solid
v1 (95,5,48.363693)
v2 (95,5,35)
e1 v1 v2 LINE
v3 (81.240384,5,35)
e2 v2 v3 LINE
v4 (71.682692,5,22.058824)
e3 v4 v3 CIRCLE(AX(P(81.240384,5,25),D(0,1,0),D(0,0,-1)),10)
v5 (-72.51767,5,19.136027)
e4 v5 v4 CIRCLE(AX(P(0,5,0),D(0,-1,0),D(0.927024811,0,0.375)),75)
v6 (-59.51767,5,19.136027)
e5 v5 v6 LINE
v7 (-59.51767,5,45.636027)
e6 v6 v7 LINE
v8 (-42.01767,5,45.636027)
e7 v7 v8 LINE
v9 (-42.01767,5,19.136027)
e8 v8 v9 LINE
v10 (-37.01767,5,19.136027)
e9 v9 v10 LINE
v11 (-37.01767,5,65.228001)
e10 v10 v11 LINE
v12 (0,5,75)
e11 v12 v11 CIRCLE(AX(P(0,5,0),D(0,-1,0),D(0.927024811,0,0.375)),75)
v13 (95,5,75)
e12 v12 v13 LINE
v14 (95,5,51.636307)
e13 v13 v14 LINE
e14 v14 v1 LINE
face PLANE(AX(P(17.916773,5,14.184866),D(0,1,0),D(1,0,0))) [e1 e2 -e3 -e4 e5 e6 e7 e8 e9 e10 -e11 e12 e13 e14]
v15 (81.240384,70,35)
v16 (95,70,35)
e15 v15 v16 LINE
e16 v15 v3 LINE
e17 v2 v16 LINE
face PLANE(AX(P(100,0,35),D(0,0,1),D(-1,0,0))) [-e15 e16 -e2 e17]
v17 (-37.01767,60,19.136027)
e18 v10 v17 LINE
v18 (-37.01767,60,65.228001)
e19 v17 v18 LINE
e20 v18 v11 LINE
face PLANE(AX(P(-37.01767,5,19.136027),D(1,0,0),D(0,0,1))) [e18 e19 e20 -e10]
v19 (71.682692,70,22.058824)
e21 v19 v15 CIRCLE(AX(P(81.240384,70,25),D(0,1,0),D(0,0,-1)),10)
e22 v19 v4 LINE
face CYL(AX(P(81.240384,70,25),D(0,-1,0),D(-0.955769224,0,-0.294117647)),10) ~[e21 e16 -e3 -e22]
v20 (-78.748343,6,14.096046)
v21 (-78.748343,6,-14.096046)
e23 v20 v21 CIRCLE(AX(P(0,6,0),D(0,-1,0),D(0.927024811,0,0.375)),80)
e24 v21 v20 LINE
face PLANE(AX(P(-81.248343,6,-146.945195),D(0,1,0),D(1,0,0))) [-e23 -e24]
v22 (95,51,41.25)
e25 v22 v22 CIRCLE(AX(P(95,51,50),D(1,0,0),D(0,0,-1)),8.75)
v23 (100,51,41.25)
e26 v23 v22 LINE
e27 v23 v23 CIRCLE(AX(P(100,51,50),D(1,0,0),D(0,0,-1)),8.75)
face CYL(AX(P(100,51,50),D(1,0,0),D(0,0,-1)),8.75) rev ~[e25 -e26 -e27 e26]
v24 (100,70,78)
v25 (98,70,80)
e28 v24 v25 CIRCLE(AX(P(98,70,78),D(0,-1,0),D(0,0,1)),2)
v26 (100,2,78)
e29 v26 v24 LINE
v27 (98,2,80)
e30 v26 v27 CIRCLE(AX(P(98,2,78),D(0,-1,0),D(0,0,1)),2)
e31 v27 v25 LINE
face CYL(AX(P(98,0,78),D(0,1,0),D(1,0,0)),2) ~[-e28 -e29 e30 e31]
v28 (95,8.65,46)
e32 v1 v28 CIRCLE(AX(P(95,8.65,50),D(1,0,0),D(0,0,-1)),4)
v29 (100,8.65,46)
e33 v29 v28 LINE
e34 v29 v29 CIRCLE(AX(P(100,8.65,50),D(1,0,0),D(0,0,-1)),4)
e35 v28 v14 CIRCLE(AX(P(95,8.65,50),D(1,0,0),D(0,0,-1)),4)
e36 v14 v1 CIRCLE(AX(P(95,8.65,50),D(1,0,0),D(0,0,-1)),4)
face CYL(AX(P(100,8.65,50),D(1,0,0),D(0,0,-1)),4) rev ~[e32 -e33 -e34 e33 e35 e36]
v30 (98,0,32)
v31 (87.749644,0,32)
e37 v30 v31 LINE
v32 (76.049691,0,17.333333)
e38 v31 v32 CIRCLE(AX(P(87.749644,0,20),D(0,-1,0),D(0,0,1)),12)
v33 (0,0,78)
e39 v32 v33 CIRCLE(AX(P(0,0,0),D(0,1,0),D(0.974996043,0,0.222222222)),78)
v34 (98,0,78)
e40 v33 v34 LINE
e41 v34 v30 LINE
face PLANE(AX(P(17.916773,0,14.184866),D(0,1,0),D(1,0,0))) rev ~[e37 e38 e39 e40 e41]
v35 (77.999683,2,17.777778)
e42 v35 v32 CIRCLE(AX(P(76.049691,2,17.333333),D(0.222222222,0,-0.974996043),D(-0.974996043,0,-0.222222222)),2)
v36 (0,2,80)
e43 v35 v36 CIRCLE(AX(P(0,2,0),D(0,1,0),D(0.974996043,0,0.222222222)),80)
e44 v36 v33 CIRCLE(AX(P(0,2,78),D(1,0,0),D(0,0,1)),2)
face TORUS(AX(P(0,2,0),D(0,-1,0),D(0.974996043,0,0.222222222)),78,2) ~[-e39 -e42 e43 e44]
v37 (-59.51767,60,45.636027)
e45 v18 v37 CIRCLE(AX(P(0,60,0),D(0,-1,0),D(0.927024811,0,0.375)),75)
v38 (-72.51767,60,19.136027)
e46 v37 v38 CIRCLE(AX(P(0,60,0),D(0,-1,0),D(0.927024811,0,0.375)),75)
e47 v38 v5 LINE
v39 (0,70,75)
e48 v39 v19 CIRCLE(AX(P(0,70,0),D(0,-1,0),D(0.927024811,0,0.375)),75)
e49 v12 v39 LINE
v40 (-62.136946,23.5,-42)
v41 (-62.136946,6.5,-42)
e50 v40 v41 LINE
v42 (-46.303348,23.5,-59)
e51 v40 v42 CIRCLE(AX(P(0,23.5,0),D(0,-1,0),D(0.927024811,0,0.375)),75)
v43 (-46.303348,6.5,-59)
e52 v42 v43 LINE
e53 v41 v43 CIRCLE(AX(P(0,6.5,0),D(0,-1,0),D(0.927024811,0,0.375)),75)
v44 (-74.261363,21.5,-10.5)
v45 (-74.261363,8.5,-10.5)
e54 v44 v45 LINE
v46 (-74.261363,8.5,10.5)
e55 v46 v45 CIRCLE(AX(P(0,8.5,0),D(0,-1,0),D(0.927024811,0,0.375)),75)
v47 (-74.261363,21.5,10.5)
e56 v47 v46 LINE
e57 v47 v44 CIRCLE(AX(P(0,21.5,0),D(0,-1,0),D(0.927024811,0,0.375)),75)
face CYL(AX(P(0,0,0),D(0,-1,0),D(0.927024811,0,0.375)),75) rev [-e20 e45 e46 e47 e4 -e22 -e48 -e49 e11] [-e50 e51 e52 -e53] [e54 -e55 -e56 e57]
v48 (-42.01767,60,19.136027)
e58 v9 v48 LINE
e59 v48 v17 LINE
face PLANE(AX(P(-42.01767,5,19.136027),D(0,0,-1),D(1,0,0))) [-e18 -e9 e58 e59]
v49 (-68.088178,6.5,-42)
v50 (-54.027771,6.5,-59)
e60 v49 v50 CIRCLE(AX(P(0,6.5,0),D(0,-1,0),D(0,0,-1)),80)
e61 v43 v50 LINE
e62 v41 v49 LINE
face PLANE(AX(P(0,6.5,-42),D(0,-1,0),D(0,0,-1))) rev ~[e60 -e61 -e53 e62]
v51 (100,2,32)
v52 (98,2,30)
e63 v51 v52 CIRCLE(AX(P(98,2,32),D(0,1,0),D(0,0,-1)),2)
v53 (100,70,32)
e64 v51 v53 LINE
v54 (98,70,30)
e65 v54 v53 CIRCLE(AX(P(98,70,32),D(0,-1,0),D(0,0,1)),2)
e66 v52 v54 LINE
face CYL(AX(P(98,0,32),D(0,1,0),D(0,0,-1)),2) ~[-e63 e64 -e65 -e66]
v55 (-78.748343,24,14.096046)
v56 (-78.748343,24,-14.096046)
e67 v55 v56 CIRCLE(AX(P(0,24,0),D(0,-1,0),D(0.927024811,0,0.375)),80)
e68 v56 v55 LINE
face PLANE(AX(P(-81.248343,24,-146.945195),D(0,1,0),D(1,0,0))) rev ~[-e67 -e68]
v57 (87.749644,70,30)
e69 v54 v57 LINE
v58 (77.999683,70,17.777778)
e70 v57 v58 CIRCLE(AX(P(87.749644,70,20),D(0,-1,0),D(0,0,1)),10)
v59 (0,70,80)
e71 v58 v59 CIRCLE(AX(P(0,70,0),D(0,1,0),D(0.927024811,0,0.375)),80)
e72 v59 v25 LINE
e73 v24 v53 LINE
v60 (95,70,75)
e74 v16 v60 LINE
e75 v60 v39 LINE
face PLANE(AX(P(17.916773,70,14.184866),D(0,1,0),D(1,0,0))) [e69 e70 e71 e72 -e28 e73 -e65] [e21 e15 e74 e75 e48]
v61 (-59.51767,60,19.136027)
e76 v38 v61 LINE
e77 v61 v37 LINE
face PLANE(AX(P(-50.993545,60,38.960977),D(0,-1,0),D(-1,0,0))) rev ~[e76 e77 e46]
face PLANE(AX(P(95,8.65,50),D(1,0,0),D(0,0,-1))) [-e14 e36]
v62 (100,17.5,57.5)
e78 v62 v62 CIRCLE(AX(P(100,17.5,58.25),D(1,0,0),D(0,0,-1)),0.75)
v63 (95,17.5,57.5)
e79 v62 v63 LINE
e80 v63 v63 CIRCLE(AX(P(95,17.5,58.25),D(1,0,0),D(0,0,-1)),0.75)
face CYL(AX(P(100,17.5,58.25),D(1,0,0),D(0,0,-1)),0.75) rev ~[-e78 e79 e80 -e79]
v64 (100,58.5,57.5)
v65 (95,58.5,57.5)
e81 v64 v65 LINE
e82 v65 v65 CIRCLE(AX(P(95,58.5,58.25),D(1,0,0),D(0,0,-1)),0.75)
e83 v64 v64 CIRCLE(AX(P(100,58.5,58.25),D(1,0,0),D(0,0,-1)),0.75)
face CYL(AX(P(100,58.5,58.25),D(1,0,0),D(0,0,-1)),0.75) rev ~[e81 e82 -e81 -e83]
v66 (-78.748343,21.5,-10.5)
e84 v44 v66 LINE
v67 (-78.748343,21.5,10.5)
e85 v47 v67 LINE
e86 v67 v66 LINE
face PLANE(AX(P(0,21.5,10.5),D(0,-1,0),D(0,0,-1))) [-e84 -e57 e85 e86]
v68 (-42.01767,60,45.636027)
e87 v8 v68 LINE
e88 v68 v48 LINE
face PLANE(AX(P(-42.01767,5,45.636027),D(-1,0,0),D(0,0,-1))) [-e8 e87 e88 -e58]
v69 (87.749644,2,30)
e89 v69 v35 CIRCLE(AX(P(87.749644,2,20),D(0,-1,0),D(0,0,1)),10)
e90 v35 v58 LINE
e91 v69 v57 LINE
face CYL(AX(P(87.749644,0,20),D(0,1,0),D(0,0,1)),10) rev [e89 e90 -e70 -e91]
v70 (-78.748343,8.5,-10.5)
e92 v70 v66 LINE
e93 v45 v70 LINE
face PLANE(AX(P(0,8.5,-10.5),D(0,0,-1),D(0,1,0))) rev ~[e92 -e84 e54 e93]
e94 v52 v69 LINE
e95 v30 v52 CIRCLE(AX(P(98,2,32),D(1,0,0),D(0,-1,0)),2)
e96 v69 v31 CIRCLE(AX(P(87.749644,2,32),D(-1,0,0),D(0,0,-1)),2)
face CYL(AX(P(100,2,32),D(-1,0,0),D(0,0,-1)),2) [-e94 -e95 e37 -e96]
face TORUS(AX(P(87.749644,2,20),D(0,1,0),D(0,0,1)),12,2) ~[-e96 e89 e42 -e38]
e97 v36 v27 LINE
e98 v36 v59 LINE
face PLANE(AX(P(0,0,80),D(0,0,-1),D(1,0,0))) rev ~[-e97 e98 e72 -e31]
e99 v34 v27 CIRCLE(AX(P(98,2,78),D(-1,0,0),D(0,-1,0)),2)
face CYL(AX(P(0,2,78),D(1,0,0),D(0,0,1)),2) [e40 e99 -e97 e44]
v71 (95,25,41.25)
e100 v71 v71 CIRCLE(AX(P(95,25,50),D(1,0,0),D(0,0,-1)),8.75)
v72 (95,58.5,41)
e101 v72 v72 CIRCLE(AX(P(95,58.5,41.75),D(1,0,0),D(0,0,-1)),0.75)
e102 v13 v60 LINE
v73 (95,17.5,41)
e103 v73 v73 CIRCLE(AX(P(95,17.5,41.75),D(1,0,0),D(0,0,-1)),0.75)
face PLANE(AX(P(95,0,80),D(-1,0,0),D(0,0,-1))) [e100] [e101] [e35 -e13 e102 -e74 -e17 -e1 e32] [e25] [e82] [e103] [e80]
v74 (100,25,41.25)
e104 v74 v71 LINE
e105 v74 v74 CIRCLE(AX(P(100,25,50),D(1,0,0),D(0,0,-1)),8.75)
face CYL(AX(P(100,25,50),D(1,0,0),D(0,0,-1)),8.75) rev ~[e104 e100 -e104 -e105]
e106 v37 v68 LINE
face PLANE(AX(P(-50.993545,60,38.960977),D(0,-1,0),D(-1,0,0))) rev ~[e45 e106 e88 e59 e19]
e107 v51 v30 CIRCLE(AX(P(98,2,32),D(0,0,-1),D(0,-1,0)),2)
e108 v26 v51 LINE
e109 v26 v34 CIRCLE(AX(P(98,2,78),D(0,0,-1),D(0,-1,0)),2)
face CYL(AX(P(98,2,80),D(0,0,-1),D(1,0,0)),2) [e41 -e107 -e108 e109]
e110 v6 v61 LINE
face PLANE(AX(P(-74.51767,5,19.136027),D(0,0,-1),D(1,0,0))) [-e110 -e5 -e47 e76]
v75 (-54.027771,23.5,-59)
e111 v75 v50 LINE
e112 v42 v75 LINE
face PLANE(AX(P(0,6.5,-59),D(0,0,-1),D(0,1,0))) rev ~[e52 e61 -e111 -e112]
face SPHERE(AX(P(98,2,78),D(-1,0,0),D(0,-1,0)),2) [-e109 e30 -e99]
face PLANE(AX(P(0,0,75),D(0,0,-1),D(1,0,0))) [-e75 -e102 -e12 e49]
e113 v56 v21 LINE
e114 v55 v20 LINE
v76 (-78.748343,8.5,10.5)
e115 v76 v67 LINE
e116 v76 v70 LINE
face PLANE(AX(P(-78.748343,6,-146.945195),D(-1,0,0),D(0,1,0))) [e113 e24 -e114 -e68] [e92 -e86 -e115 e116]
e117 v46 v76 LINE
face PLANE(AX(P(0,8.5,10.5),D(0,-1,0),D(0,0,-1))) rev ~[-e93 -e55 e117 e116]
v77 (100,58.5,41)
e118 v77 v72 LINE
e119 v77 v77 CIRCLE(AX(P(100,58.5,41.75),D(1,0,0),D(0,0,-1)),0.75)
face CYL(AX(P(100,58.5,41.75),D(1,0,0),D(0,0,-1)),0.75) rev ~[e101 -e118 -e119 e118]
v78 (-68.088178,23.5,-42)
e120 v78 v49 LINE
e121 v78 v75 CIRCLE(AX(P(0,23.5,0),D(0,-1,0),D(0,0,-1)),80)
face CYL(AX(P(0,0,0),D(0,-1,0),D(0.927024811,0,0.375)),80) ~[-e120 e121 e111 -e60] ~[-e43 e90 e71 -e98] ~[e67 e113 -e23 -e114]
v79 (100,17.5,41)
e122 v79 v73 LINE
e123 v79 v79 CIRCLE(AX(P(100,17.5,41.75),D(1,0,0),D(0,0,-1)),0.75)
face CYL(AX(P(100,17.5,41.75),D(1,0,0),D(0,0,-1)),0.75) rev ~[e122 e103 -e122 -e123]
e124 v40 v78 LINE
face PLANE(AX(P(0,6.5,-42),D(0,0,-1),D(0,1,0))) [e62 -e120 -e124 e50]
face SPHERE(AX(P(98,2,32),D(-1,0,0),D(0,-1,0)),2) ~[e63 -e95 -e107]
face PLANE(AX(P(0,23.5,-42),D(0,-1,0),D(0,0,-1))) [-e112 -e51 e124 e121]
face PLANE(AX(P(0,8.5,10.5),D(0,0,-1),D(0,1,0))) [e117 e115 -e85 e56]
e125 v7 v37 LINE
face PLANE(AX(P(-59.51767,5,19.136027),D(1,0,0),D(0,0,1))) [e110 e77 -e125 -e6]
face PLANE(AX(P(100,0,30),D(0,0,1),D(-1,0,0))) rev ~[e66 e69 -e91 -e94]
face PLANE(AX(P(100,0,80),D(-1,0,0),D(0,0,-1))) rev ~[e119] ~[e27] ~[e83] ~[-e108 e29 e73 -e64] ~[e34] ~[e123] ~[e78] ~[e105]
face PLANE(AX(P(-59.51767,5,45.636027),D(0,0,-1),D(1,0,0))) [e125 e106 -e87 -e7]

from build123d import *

# Parameters (mm, degrees)
BOSS_EXTRUDE1_DEPTH     = 70
SHELL1_T                = -5
SKETCH3_R               = 8.75
SKETCH3_R_2             = 0.75
SKETCH3_R_3             = 4
CUT_EXTRUDE1_DEPTH      = 5
CUT_EXTRUDE2_REACH      = 147.945
CUT_EXTRUDE2_END_RADIUS = 80
SKETCH4_W               = 17
SKETCH4_H               = 17
SKETCH4_W_2             = 21
SKETCH4_H_2             = 13
CUT_EXTRUDE3_DEPTH      = 146.945195193
CUT_EXTRUDE3_DEPTH_BACK = 146.945195193
SKETCH5_W               = 2.5
SKETCH5_H               = 18
BOSS_EXTRUDE3_DEPTH     = 55
FILLET1_R               = 10
FILLET2_R               = 2


with BuildPart() as part:
    # Sketch1 → Boss-Extrude1 (new body)
    with BuildSketch(Plane(origin=(0, 0, 0), x_dir=(1, 0, 0), z_dir=(0, 1, 0))):
        with BuildLine():
            Line((0, -80), (100, -80))
            Line((100, -80), (100, -30))
            Line((100, -30), (74.161984871, -30))
            ThreePointArc((74.161984871, -30), (-44.72135955, 66.332495807), (0, -80))
        make_face()
    extrude(amount=BOSS_EXTRUDE1_DEPTH)

    # Shell1
    shell1_openings = [part.faces().sort_by_distance(p)[0] for p in [
        (7.618956149, 70, 6.200850369),
    ]]
    offset(amount=SHELL1_T, openings=shell1_openings, kind=Kind.INTERSECTION)

    # Sketch3 → Cut-Extrude1 (cut)
    with BuildSketch(Plane(origin=(100, 0, 0), x_dir=(0, 0, -1), z_dir=(1, 0, 0))):
        with Locations((-50, 25)):
            Circle(SKETCH3_R)
        with Locations((-50, 51)):
            Circle(SKETCH3_R)
        with Locations((-41.75, 58.5)):
            Circle(SKETCH3_R_2)
        with Locations((-41.75, 17.5)):
            Circle(SKETCH3_R_2)
        with Locations((-58.25, 17.5)):
            Circle(SKETCH3_R_2)
        with Locations((-58.25, 58.5)):
            Circle(SKETCH3_R_2)
        with Locations((-50, 8.65)):
            Circle(SKETCH3_R_3)
    extrude(amount=-CUT_EXTRUDE1_DEPTH, mode=Mode.SUBTRACT)

    # Cut-Extrude2: up to this cylinder (the profile starts inside it)
    cut_extrude2_end = Plane(origin=(0, 15, 0), z_dir=(0, -1, 0)) * Cylinder(CUT_EXTRUDE2_END_RADIUS, 456.89, mode=Mode.PRIVATE)
    # Sketch4 → Cut-Extrude2 (cut, up to the surface)
    with BuildSketch(Plane(origin=(0, 0, 0), x_dir=(0, 0, -1), z_dir=(1, 0, 0)), mode=Mode.PRIVATE) as cut_extrude2_sk1:
        with Locations((50.5, 15)):
            Rectangle(SKETCH4_W, SKETCH4_H)
    cut_extrude2_tool1 = extrude(cut_extrude2_sk1.sketch, amount=-CUT_EXTRUDE2_REACH, mode=Mode.PRIVATE) & cut_extrude2_end
    add(cut_extrude2_tool1.solids().sort_by_distance((0, 15, -50.5))[0], mode=Mode.SUBTRACT)
    # Sketch4 → Cut-Extrude2 (cut, up to the surface)
    with BuildSketch(Plane(origin=(0, 0, 0), x_dir=(0, 0, -1), z_dir=(1, 0, 0)), mode=Mode.PRIVATE) as cut_extrude2_sk2:
        with Locations((0, 15)):
            Rectangle(SKETCH4_W_2, SKETCH4_H_2)
    cut_extrude2_tool2 = extrude(cut_extrude2_sk2.sketch, amount=-CUT_EXTRUDE2_REACH, mode=Mode.PRIVATE) & cut_extrude2_end
    add(cut_extrude2_tool2.solids().sort_by_distance((0, 15, 0))[0], mode=Mode.SUBTRACT)

    # Sketch5 → Cut-Extrude3 (cut, two sides: drawn at the far end of the back side and taken through both)
    with BuildSketch(Plane.XY.offset(-CUT_EXTRUDE3_DEPTH_BACK)):
        with Locations((-79.998342826, 15)):
            Rectangle(SKETCH5_W, SKETCH5_H)
    extrude(amount=CUT_EXTRUDE3_DEPTH + CUT_EXTRUDE3_DEPTH_BACK, mode=Mode.SUBTRACT)

    # Sketch6 → Boss-Extrude3 (add)
    with BuildSketch(Plane(origin=(0, 5, 0), x_dir=(1, 0, 0), z_dir=(0, 1, 0))):
        with BuildLine():
            Line((-72.5176701, -19.136026841), (-59.5176701, -19.136026841))
            Line((-59.5176701, -19.136026841), (-59.5176701, -45.636026841))
            Line((-59.5176701, -45.636026841), (-42.0176701, -45.636026841))
            Line((-42.0176701, -45.636026841), (-42.0176701, -19.136026841))
            Line((-42.0176701, -19.136026841), (-37.0176701, -19.136026841))
            Line((-37.0176701, -19.136026841), (-37.0176701, -65.228000892))
            Line((-37.0176701, -65.228000892), (-37.0176701, -67.228000892))
            ThreePointArc((-37.0176701, -67.228000892), (-61.280154536, -47.480406071), (-74.5176701, -19.136026841))
            Line((-74.5176701, -19.136026841), (-72.5176701, -19.136026841))
        make_face()
    extrude(amount=BOSS_EXTRUDE3_DEPTH)

    # Fillet1
    fillet1_edges = [part.edges().sort_by_distance(p)[0] for p in [
        (66.332495807, 37.5, 35),
        (74.161984871, 35, 30),
    ]]
    fillet(fillet1_edges, radius=FILLET1_R)

    # Fillet2
    fillet2_edges = [part.edges().sort_by_distance(p)[0] for p in [
        (-49.888765157, 0, -62.538876798),
        (79.932284274, 0, 26.236095645),
        (93.874821937, 0, 30),
        (100, 0, 55),
        (50, 0, 80),
        (100, 35, 30),
        (100, 35, 80),
    ]]
    fillet(fillet2_edges, radius=FILLET2_R)


solid = part.part
